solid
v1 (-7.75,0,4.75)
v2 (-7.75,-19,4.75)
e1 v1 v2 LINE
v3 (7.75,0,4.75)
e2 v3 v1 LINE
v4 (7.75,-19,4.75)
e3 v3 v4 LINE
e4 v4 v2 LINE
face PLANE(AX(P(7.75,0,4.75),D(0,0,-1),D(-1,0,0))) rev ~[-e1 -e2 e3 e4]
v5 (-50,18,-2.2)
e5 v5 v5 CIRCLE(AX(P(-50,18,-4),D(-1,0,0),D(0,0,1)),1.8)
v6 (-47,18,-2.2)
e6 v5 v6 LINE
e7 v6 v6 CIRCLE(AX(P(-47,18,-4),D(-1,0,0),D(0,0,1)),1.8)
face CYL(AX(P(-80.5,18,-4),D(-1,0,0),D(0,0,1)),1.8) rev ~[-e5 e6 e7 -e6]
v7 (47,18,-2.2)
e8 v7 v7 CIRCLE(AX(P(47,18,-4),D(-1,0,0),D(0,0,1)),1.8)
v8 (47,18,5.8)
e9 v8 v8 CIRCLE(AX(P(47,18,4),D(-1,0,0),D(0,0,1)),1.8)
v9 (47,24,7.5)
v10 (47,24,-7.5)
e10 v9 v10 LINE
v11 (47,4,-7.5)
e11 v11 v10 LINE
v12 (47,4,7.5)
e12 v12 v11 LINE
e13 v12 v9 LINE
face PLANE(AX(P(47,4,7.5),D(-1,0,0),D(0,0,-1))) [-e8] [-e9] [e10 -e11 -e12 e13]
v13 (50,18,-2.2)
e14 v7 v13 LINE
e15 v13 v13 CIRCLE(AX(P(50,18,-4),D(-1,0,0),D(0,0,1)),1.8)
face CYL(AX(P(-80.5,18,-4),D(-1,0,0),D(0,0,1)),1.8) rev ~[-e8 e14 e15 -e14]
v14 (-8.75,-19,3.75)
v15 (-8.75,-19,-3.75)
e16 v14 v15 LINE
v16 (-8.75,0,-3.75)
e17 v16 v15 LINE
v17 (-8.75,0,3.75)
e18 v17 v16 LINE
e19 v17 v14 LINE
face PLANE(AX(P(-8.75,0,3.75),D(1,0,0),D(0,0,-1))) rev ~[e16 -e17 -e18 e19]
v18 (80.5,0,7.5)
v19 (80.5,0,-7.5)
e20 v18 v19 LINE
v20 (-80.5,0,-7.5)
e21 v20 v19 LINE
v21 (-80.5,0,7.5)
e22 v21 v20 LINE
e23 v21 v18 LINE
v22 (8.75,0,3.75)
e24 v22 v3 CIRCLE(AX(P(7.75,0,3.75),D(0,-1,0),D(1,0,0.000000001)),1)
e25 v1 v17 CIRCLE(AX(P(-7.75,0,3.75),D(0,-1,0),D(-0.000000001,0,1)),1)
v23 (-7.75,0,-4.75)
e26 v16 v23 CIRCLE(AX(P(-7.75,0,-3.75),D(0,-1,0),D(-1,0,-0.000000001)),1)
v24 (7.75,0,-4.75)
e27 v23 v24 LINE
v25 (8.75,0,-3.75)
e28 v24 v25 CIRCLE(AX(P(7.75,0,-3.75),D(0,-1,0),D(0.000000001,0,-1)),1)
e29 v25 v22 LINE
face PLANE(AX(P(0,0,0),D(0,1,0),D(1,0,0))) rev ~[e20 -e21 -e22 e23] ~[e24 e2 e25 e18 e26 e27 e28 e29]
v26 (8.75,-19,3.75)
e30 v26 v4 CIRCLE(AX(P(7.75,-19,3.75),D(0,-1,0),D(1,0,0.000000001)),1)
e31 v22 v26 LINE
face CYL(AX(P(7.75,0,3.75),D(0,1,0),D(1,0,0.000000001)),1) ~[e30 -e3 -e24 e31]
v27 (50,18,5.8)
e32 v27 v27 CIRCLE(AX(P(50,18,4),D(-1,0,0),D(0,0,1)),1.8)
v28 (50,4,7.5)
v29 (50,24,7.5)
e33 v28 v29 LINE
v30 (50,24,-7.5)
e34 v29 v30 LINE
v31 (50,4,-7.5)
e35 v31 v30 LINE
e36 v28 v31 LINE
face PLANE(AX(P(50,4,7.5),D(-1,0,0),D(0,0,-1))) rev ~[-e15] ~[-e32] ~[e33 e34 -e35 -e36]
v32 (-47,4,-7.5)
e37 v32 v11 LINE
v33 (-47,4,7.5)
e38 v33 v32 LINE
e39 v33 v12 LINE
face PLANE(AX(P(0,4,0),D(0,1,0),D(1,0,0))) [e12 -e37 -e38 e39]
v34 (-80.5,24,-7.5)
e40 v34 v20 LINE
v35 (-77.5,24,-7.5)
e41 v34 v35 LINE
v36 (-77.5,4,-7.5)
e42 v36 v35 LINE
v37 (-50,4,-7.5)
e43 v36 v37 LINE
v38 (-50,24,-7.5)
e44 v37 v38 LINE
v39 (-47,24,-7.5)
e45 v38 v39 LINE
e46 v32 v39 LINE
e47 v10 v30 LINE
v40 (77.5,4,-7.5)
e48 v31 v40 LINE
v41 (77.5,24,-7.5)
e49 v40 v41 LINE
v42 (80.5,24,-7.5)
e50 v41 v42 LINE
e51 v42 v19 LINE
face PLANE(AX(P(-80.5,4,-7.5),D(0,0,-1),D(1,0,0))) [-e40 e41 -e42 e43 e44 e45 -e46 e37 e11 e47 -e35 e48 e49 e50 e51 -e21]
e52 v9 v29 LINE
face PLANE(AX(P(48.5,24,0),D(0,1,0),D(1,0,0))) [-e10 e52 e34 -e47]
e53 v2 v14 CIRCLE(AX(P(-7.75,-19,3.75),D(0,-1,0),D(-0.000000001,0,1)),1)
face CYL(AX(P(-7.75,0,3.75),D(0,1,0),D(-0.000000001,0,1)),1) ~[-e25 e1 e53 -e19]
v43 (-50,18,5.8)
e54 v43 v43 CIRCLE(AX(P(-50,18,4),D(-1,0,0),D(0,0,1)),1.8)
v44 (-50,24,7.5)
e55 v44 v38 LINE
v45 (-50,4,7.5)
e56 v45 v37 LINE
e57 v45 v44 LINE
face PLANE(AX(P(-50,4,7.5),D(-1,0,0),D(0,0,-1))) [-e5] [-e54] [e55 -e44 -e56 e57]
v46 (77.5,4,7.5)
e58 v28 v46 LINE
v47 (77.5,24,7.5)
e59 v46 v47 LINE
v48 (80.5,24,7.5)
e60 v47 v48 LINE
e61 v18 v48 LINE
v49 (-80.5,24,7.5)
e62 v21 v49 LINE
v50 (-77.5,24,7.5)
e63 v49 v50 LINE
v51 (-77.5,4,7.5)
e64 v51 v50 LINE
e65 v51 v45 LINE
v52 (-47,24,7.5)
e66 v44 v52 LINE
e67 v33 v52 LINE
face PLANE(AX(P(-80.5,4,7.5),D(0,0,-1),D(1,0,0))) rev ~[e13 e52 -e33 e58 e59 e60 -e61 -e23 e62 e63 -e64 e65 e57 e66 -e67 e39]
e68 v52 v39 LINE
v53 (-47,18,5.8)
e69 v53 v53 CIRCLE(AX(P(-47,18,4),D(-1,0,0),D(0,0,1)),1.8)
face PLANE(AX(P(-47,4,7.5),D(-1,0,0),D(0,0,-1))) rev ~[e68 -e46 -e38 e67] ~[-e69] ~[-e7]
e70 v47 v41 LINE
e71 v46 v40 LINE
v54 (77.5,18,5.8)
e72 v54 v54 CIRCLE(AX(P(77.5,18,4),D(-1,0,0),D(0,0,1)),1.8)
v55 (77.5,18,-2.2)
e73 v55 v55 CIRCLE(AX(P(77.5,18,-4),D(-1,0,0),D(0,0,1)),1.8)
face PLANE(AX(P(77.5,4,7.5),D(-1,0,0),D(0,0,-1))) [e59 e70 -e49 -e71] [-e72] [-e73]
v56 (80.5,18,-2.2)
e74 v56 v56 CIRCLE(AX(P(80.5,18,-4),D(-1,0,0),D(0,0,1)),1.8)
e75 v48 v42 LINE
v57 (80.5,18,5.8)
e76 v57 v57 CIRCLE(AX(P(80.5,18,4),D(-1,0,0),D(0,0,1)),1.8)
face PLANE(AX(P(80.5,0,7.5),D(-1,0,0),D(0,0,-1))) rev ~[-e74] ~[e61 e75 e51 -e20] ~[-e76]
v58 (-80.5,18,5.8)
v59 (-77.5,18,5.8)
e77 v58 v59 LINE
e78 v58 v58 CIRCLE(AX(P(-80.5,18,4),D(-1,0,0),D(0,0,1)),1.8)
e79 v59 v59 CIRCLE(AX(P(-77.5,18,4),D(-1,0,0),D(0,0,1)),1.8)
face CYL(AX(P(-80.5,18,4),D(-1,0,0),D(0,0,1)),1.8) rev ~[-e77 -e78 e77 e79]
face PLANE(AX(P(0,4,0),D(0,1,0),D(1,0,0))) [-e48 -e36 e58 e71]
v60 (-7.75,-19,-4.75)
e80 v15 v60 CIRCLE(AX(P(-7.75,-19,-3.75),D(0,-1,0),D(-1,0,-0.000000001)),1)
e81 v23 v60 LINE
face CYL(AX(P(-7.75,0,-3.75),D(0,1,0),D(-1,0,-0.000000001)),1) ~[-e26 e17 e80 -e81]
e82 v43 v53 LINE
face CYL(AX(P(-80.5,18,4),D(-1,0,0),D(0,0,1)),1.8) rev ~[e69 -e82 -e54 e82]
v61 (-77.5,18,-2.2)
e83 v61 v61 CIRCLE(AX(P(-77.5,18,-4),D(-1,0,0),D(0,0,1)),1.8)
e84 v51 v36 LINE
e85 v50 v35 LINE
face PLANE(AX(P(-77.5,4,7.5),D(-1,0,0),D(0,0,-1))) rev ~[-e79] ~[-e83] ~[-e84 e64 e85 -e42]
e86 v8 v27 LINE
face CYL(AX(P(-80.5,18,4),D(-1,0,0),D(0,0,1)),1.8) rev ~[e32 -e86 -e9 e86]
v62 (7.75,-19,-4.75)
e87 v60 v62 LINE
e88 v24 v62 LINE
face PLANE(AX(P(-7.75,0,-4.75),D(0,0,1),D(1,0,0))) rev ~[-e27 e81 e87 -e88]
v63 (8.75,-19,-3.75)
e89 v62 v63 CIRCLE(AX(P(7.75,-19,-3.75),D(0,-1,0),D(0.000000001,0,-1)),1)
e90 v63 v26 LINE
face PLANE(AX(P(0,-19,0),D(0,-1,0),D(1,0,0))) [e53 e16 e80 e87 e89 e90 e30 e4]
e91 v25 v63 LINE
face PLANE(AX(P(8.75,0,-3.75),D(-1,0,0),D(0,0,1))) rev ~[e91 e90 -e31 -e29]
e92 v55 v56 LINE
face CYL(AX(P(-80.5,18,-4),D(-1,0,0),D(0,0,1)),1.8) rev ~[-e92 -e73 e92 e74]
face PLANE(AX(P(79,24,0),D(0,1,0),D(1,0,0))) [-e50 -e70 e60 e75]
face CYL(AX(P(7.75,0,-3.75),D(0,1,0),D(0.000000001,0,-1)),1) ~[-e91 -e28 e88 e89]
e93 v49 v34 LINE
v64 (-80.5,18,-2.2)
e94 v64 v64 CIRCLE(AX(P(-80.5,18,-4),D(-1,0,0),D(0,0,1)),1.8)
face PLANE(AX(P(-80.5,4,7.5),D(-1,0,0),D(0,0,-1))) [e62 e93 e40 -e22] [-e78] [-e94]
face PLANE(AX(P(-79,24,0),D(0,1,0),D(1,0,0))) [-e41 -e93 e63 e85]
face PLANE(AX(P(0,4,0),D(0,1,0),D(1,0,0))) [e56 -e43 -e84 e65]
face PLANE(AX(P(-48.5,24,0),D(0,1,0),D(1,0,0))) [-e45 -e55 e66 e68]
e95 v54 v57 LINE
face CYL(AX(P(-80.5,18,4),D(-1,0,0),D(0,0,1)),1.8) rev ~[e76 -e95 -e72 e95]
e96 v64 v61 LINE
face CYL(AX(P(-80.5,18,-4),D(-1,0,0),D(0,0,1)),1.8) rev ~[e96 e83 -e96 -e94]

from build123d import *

# Parameters (mm, degrees)
SKETCH1_W               = 161
SKETCH1_H               = 15
BOSS_EXTRUDE1_DEPTH     = 4
SKETCH2_W               = 3
SKETCH2_H               = 15
BOSS_EXTRUDE2_DEPTH     = 20
SKETCH4_R               = 1.8
CUT_EXTRUDE2_DEPTH      = 1
CUT_EXTRUDE2_DEPTH_BACK = 162
BOSS_EXTRUDE3_DEPTH     = 19


with BuildPart() as part:
    # Sketch1 → Boss-Extrude1 (new body)
    with BuildSketch(Plane(origin=(0, 0, 0), x_dir=(1, 0, 0), z_dir=(0, 1, 0))):
        Rectangle(SKETCH1_W, SKETCH1_H)
    extrude(amount=BOSS_EXTRUDE1_DEPTH)

    # Sketch2 → Boss-Extrude2 (add)
    with BuildSketch(Plane(origin=(0, 4, 0), x_dir=(1, 0, 0), z_dir=(0, 1, 0))):
        with Locations((-48.5, 0)):
            Rectangle(SKETCH2_W, SKETCH2_H)
        with Locations((-79, 0)):
            Rectangle(SKETCH2_W, SKETCH2_H)
        with Locations((79, 0)):
            Rectangle(SKETCH2_W, SKETCH2_H)
        with Locations((48.5, 0)):
            Rectangle(SKETCH2_W, SKETCH2_H)
    extrude(amount=BOSS_EXTRUDE2_DEPTH)

    # Sketch4 → Cut-Extrude2 (cut, two sides)
    with BuildSketch(Plane.ZY.offset(80.5)) as cut_extrude2_sk:
        with Locations((4, 18)):
            Circle(SKETCH4_R)
        with Locations((-4, 18)):
            Circle(SKETCH4_R)
    extrude(amount=CUT_EXTRUDE2_DEPTH, mode=Mode.SUBTRACT)
    extrude(cut_extrude2_sk.sketch, amount=-CUT_EXTRUDE2_DEPTH_BACK, mode=Mode.SUBTRACT)

    # Sketch5 → Boss-Extrude3 (add)
    with BuildSketch(Plane.XZ):
        with BuildLine():
            Line((-7.75, -4.75), (7.75, -4.75))
            ThreePointArc((7.75, -4.75), (8.457106781, -4.457106781), (8.75, -3.75))
            Line((8.75, -3.75), (8.75, 3.75))
            ThreePointArc((8.75, 3.75), (8.457106781, 4.457106781), (7.75, 4.75))
            Line((7.75, 4.75), (-7.75, 4.75))
            ThreePointArc((-7.75, 4.75), (-8.457106781, 4.457106781), (-8.75, 3.75))
            Line((-8.75, 3.75), (-8.75, -3.75))
            ThreePointArc((-8.75, -3.75), (-8.457106781, -4.457106781), (-7.75, -4.75))
        make_face()
    extrude(amount=BOSS_EXTRUDE3_DEPTH)


solid = part.part
